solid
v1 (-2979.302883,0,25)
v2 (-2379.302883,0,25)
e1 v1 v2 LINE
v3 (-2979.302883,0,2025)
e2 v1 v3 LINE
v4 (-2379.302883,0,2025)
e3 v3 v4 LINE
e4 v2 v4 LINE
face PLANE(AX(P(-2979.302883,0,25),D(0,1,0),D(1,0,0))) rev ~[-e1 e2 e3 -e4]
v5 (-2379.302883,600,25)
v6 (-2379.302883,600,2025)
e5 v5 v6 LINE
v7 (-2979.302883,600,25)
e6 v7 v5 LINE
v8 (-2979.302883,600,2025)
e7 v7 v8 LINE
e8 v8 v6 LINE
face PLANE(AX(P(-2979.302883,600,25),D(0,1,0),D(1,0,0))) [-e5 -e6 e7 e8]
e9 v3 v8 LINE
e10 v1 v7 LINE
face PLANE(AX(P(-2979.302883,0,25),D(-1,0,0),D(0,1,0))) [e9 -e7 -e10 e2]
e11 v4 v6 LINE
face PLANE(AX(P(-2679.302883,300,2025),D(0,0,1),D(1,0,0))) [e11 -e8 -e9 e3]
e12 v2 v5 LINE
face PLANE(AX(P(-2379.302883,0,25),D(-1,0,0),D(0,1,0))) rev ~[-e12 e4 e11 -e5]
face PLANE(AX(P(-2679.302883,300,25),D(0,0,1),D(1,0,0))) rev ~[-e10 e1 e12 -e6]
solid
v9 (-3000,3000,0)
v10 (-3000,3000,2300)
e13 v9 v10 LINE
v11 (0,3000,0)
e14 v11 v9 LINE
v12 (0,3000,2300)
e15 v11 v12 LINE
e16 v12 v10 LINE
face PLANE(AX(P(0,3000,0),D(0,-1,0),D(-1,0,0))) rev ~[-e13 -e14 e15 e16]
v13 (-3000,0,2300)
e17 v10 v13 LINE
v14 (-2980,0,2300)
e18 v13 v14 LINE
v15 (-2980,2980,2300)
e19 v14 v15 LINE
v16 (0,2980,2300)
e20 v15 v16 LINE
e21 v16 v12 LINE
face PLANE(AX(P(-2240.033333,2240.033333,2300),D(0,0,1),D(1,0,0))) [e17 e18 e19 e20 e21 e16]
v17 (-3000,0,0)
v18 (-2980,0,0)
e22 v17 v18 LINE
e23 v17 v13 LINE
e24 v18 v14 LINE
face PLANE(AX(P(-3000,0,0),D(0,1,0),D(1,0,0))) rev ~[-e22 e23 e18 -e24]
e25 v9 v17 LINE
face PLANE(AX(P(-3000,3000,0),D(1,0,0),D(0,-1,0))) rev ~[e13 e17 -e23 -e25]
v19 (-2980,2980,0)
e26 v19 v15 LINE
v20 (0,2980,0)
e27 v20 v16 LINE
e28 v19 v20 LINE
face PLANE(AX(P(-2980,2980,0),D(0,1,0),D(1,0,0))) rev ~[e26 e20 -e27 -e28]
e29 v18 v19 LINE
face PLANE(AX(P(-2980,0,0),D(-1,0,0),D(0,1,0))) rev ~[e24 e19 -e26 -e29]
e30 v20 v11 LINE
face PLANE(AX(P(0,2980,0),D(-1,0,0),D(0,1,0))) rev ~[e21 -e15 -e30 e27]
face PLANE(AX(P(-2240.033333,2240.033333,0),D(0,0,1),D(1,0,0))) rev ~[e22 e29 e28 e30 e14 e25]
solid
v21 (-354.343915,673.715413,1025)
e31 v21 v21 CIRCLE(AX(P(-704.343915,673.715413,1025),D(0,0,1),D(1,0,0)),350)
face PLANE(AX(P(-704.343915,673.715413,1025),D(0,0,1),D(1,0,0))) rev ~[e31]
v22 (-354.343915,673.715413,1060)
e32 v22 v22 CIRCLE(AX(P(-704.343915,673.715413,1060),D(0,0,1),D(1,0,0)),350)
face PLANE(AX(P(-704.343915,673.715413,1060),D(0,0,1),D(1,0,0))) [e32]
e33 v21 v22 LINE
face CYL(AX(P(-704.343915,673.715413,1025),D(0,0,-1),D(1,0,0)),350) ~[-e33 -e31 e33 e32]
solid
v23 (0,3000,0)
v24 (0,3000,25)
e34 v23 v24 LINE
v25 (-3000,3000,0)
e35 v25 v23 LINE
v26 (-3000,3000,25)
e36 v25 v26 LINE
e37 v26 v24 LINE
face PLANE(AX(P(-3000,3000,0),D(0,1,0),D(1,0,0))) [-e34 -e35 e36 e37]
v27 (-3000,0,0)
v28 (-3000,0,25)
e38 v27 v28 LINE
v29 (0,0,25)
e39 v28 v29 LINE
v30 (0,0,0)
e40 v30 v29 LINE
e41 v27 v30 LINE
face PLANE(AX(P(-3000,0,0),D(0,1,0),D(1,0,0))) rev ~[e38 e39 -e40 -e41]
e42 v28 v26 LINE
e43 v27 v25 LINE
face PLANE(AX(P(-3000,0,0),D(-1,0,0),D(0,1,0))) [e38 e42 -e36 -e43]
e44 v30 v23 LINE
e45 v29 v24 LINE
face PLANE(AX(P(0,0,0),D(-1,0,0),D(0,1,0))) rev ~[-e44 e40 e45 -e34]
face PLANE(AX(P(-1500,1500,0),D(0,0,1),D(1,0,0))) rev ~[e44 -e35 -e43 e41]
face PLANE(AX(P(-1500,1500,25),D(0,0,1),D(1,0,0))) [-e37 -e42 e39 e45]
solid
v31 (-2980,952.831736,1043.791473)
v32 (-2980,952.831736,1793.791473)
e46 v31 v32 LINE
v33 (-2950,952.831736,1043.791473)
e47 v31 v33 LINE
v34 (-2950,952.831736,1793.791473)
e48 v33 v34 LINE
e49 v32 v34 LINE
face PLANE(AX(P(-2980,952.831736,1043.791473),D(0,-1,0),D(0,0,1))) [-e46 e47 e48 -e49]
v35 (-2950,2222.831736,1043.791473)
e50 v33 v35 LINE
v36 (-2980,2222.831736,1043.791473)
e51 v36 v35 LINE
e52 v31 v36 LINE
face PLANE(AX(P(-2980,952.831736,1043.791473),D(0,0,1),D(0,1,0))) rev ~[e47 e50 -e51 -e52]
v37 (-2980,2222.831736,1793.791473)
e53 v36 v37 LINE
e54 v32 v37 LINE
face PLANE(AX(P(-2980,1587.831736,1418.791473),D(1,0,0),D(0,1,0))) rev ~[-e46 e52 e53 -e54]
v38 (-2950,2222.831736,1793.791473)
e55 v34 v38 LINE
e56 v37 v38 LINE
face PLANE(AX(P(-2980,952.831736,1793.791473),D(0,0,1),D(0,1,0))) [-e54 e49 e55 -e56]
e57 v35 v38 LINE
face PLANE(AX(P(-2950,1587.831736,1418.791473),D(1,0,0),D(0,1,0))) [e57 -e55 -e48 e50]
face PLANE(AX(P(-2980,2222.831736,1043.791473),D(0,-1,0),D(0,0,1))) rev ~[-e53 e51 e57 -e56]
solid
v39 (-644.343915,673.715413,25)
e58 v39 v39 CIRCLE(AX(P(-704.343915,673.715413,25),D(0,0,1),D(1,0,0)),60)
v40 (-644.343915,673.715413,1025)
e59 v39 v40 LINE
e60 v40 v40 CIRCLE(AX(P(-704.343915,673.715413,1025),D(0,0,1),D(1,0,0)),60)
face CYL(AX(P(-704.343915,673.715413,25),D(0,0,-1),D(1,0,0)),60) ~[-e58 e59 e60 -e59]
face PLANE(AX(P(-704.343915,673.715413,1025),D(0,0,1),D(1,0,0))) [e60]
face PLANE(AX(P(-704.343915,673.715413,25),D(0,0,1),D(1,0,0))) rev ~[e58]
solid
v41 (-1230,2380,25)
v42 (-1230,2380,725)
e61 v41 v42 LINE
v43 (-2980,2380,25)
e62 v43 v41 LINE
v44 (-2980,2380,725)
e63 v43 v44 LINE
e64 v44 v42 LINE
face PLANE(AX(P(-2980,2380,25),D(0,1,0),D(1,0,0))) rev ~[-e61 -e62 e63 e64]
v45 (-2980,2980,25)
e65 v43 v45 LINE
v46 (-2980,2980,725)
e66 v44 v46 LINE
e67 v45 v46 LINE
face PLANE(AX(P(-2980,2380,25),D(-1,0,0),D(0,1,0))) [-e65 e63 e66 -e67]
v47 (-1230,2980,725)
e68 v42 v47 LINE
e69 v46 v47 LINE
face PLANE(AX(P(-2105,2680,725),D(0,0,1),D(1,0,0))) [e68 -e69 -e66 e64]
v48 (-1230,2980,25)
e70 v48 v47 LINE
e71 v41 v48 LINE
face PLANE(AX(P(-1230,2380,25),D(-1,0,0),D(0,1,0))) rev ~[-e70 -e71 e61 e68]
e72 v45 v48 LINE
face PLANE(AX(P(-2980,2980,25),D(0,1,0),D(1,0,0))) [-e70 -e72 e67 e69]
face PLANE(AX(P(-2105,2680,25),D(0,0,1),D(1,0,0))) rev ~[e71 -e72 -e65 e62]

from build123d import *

# Parameters (mm, degrees)
F0_W      = 3000
F0_H      = 3000
F2_DEPTH  = 25
F3_DEPTH  = 2300
F4_W      = 1750
F4_H      = 600
F5_DEPTH  = 700
F6_W      = 600
F6_H      = 600
F7_DEPTH  = 2000
F9_R      = 60
F10_DEPTH = 1000
F11_R     = 350
F12_DEPTH = 35
F13_W     = 1270
F13_H     = 750
F14_DEPTH = 30


with BuildPart() as f2:
    # F0 (on Top) → F2 (new body)
    with BuildSketch(Plane.XY):
        with Locations((-1500, 1500)):
            Rectangle(F0_W, F0_H)
    extrude(amount=F2_DEPTH)


with BuildPart() as f3:
    # F1 (on Top) → F3 (new body)
    with BuildSketch(Plane.XY):
        Polygon((0, 2980), (0, 3000), (-3000, 3000), (-3000, 0), (-2980, 0), (-2980, 2980), align=None)
    extrude(amount=F3_DEPTH)


with BuildPart() as f5:
    # F4 (on face) → F5 (new body)
    with BuildSketch(Plane.XY.offset(25)):
        with Locations((-2105, 2680)):
            Rectangle(F4_W, F4_H)
    extrude(amount=F5_DEPTH)


with BuildPart() as f7:
    # F6 (on face) → F7 (new body)
    with BuildSketch(Plane.XY.offset(25)):
        with Locations((-2679.3028831482, 300)):
            Rectangle(F6_W, F6_H)
    extrude(amount=F7_DEPTH)


with BuildPart() as f10:
    # F9 (on face) → F10 (new body)
    with BuildSketch(Plane.XY.offset(25)):
        with Locations((-704.3439149857, 673.7154126167)):
            Circle(F9_R)
    extrude(amount=F10_DEPTH)


with BuildPart() as f12:
    # F11 (on face) → F12 (new body)
    with BuildSketch(Plane.XY.offset(1025)):
        with Locations((-704.3439149857, 673.7154126167)):
            Circle(F11_R)
    extrude(amount=F12_DEPTH)


with BuildPart() as f14:
    # F13 (on face) → F14 (new body)
    with BuildSketch(Plane.YZ.offset(-2980)):
        with Locations((1587.831735611, 1418.7914731905)):
            Rectangle(F13_W, F13_H)
    extrude(amount=F14_DEPTH)


solid = Compound([f2.part, f3.part, f5.part, f7.part, f10.part, f12.part, f14.part])
